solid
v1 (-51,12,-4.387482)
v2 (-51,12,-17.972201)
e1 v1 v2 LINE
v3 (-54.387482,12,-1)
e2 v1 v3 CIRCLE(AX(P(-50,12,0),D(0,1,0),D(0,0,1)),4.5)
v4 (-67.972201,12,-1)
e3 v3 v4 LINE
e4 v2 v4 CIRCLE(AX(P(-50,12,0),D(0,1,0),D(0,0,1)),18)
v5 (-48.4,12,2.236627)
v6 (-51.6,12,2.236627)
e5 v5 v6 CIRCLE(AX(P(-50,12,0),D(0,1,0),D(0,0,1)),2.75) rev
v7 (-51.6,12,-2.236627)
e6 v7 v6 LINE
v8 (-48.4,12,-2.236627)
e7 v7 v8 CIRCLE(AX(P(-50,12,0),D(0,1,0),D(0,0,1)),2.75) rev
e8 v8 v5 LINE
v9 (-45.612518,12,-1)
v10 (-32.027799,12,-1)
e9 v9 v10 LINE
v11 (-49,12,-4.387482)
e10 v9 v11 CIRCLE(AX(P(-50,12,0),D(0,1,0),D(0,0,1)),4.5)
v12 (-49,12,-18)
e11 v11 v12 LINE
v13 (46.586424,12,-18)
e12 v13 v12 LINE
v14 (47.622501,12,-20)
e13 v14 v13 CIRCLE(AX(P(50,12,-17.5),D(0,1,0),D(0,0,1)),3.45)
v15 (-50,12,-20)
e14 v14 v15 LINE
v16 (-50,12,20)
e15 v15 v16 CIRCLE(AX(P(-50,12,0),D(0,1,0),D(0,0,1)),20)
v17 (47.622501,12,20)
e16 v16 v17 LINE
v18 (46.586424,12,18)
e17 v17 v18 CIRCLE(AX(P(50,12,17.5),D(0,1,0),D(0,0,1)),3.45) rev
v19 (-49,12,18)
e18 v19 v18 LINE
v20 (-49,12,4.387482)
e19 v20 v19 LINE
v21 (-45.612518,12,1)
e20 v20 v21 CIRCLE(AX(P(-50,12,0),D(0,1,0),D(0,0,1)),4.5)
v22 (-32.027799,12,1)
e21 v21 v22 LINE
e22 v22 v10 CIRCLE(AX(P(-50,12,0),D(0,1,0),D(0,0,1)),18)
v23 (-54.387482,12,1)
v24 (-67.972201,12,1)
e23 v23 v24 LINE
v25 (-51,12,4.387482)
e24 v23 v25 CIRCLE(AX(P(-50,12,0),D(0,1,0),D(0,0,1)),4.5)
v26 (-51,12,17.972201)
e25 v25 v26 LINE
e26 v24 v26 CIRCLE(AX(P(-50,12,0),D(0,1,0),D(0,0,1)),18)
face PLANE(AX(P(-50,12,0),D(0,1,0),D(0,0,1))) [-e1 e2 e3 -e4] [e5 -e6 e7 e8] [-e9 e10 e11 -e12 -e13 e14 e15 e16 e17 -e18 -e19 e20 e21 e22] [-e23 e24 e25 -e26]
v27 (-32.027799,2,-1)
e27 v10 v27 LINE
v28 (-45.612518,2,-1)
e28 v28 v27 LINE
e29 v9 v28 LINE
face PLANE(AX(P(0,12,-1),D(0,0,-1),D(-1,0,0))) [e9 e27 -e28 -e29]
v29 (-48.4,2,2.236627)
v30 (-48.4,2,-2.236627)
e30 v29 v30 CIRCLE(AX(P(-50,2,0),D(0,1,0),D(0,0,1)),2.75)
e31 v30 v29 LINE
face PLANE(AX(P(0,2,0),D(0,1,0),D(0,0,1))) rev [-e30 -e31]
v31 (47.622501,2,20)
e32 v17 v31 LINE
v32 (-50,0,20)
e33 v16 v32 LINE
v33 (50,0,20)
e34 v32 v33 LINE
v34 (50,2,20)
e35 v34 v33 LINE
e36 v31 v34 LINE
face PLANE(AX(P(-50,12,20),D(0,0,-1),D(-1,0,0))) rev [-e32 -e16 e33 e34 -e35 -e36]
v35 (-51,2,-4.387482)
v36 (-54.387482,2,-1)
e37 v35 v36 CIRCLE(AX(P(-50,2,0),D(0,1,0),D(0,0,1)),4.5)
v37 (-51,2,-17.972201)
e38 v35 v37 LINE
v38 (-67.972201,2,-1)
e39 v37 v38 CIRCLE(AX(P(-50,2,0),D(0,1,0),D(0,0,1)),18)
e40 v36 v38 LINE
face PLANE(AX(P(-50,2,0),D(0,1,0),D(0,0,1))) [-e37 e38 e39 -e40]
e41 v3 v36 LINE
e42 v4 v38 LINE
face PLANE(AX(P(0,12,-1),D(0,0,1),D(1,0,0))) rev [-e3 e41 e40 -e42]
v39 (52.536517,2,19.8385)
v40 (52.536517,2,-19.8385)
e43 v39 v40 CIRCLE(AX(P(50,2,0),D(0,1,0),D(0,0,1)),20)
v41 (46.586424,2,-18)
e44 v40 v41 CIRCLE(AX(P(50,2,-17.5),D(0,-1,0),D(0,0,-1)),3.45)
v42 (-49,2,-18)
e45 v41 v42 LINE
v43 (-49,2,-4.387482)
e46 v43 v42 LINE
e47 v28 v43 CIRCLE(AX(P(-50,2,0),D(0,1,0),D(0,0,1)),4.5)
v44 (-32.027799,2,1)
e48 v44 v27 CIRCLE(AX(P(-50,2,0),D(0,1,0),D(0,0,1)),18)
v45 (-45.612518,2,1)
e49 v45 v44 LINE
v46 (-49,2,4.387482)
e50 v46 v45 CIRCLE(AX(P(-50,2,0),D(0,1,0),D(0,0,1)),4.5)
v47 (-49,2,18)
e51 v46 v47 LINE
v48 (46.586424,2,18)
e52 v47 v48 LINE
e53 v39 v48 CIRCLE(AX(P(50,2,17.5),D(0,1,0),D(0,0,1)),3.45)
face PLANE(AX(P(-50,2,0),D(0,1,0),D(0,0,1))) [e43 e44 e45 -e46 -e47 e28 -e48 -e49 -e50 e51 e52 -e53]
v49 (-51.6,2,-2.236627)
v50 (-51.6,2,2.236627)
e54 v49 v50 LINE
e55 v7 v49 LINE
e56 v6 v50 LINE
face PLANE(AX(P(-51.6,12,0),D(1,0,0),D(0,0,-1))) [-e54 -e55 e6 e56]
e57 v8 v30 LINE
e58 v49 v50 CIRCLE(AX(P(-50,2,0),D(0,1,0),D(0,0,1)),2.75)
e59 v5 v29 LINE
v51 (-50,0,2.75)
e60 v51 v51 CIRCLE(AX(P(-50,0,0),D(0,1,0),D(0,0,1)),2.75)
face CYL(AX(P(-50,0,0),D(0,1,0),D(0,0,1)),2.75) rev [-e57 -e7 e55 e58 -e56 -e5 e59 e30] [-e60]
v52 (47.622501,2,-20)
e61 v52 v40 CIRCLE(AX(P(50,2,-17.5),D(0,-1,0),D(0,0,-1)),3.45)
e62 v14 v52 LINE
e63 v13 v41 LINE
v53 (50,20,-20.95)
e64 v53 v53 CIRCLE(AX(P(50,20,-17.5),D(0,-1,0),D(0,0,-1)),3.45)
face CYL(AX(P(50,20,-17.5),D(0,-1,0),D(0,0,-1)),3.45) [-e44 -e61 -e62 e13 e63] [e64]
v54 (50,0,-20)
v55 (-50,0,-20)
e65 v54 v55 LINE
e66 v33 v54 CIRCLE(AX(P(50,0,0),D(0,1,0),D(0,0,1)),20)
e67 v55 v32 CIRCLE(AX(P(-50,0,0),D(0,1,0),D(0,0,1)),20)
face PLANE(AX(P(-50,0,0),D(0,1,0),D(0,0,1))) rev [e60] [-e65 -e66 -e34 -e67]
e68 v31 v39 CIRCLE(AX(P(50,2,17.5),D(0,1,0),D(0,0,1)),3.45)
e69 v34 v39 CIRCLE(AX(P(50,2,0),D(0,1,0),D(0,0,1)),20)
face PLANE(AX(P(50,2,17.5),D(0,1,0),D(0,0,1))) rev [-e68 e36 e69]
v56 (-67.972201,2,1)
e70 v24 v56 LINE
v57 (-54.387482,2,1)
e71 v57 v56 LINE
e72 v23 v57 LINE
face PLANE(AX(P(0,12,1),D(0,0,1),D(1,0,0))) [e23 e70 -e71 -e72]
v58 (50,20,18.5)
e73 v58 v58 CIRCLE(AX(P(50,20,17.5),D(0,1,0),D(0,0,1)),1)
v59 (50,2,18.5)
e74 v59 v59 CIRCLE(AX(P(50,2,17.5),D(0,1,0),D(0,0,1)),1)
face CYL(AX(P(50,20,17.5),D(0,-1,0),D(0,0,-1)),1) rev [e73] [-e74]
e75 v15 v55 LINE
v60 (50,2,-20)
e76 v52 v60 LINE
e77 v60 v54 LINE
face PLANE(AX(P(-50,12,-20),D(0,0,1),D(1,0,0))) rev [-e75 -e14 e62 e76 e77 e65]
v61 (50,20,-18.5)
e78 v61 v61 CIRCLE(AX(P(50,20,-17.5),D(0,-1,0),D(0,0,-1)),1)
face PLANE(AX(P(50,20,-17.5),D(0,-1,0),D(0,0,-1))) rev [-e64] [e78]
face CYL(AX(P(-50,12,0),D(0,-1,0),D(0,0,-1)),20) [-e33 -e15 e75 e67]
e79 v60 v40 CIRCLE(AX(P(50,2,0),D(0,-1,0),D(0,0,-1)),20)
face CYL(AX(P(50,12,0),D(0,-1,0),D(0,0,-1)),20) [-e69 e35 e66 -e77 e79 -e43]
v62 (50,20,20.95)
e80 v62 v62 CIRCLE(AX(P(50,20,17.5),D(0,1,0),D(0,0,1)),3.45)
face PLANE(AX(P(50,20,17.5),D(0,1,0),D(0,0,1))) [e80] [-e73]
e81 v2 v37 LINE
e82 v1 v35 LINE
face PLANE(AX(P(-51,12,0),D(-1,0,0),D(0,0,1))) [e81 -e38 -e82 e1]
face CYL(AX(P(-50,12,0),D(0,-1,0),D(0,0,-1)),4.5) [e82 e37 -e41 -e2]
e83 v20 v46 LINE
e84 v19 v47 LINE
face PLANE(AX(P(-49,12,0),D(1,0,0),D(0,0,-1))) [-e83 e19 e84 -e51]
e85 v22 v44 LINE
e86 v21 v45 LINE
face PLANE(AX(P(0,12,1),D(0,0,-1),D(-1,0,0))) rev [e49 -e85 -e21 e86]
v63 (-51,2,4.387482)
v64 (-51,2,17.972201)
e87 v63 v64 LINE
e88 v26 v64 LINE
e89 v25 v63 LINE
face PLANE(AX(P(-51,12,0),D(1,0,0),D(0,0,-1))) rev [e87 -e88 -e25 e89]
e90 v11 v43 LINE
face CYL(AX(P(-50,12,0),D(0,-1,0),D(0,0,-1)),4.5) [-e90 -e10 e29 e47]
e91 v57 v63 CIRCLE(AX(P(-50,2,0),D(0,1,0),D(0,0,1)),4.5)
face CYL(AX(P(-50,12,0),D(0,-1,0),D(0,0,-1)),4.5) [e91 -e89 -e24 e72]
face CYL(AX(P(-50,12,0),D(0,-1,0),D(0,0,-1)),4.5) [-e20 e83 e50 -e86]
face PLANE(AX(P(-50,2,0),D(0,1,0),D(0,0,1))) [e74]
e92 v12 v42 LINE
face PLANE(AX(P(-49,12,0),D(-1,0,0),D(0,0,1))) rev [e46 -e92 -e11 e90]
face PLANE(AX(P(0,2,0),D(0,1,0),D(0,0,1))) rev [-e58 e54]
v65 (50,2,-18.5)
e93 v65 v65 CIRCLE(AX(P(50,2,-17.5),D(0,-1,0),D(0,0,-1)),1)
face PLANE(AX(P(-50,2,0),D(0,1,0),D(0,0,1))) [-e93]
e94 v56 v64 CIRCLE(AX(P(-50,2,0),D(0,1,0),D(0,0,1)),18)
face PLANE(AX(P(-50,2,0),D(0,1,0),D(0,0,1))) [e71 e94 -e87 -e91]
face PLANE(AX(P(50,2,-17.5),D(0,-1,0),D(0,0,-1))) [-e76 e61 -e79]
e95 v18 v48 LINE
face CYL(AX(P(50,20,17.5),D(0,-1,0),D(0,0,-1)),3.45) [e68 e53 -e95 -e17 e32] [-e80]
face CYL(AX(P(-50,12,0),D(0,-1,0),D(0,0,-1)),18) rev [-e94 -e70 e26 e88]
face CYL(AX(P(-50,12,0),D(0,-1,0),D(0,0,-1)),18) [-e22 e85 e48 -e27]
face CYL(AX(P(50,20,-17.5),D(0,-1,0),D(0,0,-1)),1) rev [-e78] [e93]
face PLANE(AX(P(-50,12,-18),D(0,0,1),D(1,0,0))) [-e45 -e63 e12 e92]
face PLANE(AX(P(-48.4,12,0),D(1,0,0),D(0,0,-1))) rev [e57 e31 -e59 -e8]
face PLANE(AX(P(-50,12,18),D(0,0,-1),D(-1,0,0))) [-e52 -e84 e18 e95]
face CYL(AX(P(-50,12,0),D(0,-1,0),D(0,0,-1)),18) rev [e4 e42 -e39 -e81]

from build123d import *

# Parameters (mm, degrees)
BOSS_EXTRUDE1_DEPTH = 12
SHELL1_T            = -2
SKETCH3_R           = 2.75
CUT_EXTRUDE1_DEPTH  = 2
BOSS_EXTRUDE2_START = 10
SKETCH4_R           = 4.5
SKETCH4_R_2         = 2.75
BOSS_EXTRUDE2_DEPTH = 10
BOSS_EXTRUDE7_DEPTH = 10
SKETCH10_W          = 20
SKETCH10_H          = 40
CUT_EXTRUDE3_DEPTH  = 10
SKETCH9_R           = 3.45
SKETCH9_R_2         = 1
BOSS_EXTRUDE9_DEPTH = 18
CUT_EXTRUDE4_START  = -10
SKETCH11_R          = 1
CUT_EXTRUDE4_DEPTH  = 10


with BuildPart() as part:
    # Sketch1 → Boss-Extrude1 (new body)
    with BuildSketch(Plane(origin=(0, 0, 0), x_dir=(1, 0, 0), z_dir=(0, 1, 0))):
        with BuildLine():
            Line((-50, 20), (50, 20))
            ThreePointArc((50, 20), (70, 0), (50, -20))
            Line((50, -20), (-50, -20))
            ThreePointArc((-50, -20), (-70, 0), (-50, 20))
        make_face()
    extrude(amount=BOSS_EXTRUDE1_DEPTH)

    # Shell1
    shell1_openings = [part.faces().sort_by_distance(p)[0] for p in [
        (0, 12, 0),
    ]]
    offset(amount=SHELL1_T, openings=shell1_openings, kind=Kind.INTERSECTION)

    # Sketch3 → Cut-Extrude1 (cut)
    with BuildSketch(Plane(origin=(0, 2, 0), x_dir=(1, 0, 0), z_dir=(0, 1, 0))):
        with Locations(Location((-50, 0, 0), (0, 0, 270))):
            Circle(SKETCH3_R)
    extrude(amount=-CUT_EXTRUDE1_DEPTH, mode=Mode.SUBTRACT)

    # Sketch4 → Boss-Extrude2 (add)
    # profile 1 of 3: a face of its own
    with BuildSketch(Plane(origin=(0, 2, 0), x_dir=(1, 0, 0), z_dir=(0, 1, 0)).offset(BOSS_EXTRUDE2_START)):
        with Locations(Location((-50, 0, 0), (0, 0, 270))):
            Circle(SKETCH4_R)
        with Locations(Location((-50, 0, 0), (0, 0, 270))):
            Circle(SKETCH4_R_2, mode=Mode.SUBTRACT)
    # profile 2 of 3: a face of its own
    with BuildSketch(Plane(origin=(0, 2, 0), x_dir=(1, 0, 0), z_dir=(0, 1, 0)).offset(BOSS_EXTRUDE2_START)):
        with BuildLine():
            ThreePointArc((-47.25, 0), (-47.55434058, 1.257477634), (-48.4, 2.236626925))
            Line((-48.4, 2.236626925), (-48.4, -2.236626925))
            ThreePointArc((-48.4, -2.236626925), (-47.55434058, -1.257477634), (-47.25, 0))
        make_face()
    # profile 3 of 3: a face of its own
    with BuildSketch(Plane(origin=(0, 2, 0), x_dir=(1, 0, 0), z_dir=(0, 1, 0)).offset(BOSS_EXTRUDE2_START)):
        with BuildLine():
            Line((-51.6, -2.236626925), (-51.6, 2.236626925))
            ThreePointArc((-51.6, 2.236626925), (-52.75, 0), (-51.6, -2.236626925))
        make_face()
    extrude(amount=-BOSS_EXTRUDE2_DEPTH)

    # Sketch7 → Boss-Extrude7 (add)
    with BuildSketch(Plane(origin=(0, 2, 0), x_dir=(1, 0, 0), z_dir=(0, 1, 0))):
        with BuildLine():
            Line((-51, 17.972200756), (-51, 4.387482194))
            ThreePointArc((-51, 4.387482194), (-50, 4.5), (-49, 4.387482194))
            Line((-49, 4.387482194), (-49, 17.972200756))
            ThreePointArc((-49, 17.972200756), (-49.499806838, 17.993048847), (-50, 18))
            ThreePointArc((-50, 18), (-50.500193162, 17.993048847), (-51, 17.972200756))
        make_face()
        with BuildLine():
            Line((-51, 18), (-51, 17.972200756))
            ThreePointArc((-51, 17.972200756), (-50.500193162, 17.993048847), (-50, 18))
            Line((-50, 18), (-51, 18))
        make_face()
        with BuildLine():
            ThreePointArc((-50, 18), (-49.499806838, 17.993048847), (-49, 17.972200756))
            Line((-49, 17.972200756), (-49, 18))
            Line((-49, 18), (-50, 18))
        make_face()
        with BuildLine():
            Line((-32.027799244, 1), (-45.612517806, 1))
            ThreePointArc((-45.612517806, 1), (-45.528217924, 0.503155109), (-45.5, 0))
            ThreePointArc((-45.5, 0), (-45.528217924, -0.503155109), (-45.612517806, -1))
            Line((-45.612517806, -1), (-32.027799244, -1))
            ThreePointArc((-32.027799244, -1), (-32.006951153, -0.500193162), (-32, 0))
            ThreePointArc((-32, 0), (-32.006951153, 0.500193162), (-32.027799244, 1))
        make_face()
        with BuildLine():
            ThreePointArc((-49, -4.387482194), (-50, -4.5), (-51, -4.387482194))
            Line((-51, -4.387482194), (-51, -17.972200756))
            ThreePointArc((-51, -17.972200756), (-50.500193162, -17.993048847), (-50, -18))
            ThreePointArc((-50, -18), (-49.499806838, -17.993048847), (-49, -17.972200756))
            Line((-49, -17.972200756), (-49, -4.387482194))
        make_face()
        with BuildLine():
            Line((-49, -18), (-49, -17.972200756))
            ThreePointArc((-49, -17.972200756), (-49.499806838, -17.993048847), (-50, -18))
            Line((-50, -18), (-49, -18))
        make_face()
        with BuildLine():
            ThreePointArc((-54.387482194, -1), (-54.5, 0), (-54.387482194, 1))
            Line((-54.387482194, 1), (-67.972200756, 1))
            ThreePointArc((-67.972200756, 1), (-67.993048847, 0.500193146), (-68, -3.2e-08))
            ThreePointArc((-68, -3.2e-08), (-67.993048846, -0.500193178), (-67.972200756, -1))
            Line((-67.972200756, -1), (-54.387482194, -1))
        make_face()
    extrude(amount=BOSS_EXTRUDE7_DEPTH)

    # Sketch10 → Cut-Extrude3 (cut)
    with BuildSketch(Plane(origin=(0, 12, 0), x_dir=(1, 0, 0), z_dir=(0, 1, 0))):
        with Locations((60, 0)):
            Rectangle(SKETCH10_W, SKETCH10_H)
    extrude(amount=-CUT_EXTRUDE3_DEPTH, mode=Mode.SUBTRACT)

    # Sketch9 → Boss-Extrude9 (add)
    # profile 1 of 2: a face of its own
    with BuildSketch(Plane(origin=(0, 2, 0), x_dir=(1, 0, 0), z_dir=(0, 1, 0))):
        with Locations(Location((50, -17.5, 0), (0, 0, 188.333082996))):
            Circle(SKETCH9_R)
        with Locations(Location((50, -17.5, 0), (0, 0, 270))):
            Circle(SKETCH9_R_2, mode=Mode.SUBTRACT)
    # profile 2 of 2: a face of its own
    with BuildSketch(Plane(origin=(0, 2, 0), x_dir=(1, 0, 0), z_dir=(0, 1, 0))):
        with Locations(Location((50, 17.5, 0), (0, 0, 90))):
            Circle(SKETCH9_R)
        with Locations(Location((50, 17.5, 0), (0, 0, 90))):
            Circle(SKETCH9_R_2, mode=Mode.SUBTRACT)
    extrude(amount=BOSS_EXTRUDE9_DEPTH)

    # Sketch11 → Cut-Extrude4 (cut)
    with BuildSketch(Plane(origin=(0, 12, 0), x_dir=(1, 0, 0), z_dir=(0, 1, 0)).offset(CUT_EXTRUDE4_START)):
        with Locations(Location((50, 17.5, 0), (0, 0, 90))):
            Circle(SKETCH11_R)
        with Locations(Location((50, -17.5, 0), (0, 0, 270))):
            Circle(SKETCH11_R)
    extrude(amount=CUT_EXTRUDE4_DEPTH, mode=Mode.SUBTRACT)


solid = part.part
